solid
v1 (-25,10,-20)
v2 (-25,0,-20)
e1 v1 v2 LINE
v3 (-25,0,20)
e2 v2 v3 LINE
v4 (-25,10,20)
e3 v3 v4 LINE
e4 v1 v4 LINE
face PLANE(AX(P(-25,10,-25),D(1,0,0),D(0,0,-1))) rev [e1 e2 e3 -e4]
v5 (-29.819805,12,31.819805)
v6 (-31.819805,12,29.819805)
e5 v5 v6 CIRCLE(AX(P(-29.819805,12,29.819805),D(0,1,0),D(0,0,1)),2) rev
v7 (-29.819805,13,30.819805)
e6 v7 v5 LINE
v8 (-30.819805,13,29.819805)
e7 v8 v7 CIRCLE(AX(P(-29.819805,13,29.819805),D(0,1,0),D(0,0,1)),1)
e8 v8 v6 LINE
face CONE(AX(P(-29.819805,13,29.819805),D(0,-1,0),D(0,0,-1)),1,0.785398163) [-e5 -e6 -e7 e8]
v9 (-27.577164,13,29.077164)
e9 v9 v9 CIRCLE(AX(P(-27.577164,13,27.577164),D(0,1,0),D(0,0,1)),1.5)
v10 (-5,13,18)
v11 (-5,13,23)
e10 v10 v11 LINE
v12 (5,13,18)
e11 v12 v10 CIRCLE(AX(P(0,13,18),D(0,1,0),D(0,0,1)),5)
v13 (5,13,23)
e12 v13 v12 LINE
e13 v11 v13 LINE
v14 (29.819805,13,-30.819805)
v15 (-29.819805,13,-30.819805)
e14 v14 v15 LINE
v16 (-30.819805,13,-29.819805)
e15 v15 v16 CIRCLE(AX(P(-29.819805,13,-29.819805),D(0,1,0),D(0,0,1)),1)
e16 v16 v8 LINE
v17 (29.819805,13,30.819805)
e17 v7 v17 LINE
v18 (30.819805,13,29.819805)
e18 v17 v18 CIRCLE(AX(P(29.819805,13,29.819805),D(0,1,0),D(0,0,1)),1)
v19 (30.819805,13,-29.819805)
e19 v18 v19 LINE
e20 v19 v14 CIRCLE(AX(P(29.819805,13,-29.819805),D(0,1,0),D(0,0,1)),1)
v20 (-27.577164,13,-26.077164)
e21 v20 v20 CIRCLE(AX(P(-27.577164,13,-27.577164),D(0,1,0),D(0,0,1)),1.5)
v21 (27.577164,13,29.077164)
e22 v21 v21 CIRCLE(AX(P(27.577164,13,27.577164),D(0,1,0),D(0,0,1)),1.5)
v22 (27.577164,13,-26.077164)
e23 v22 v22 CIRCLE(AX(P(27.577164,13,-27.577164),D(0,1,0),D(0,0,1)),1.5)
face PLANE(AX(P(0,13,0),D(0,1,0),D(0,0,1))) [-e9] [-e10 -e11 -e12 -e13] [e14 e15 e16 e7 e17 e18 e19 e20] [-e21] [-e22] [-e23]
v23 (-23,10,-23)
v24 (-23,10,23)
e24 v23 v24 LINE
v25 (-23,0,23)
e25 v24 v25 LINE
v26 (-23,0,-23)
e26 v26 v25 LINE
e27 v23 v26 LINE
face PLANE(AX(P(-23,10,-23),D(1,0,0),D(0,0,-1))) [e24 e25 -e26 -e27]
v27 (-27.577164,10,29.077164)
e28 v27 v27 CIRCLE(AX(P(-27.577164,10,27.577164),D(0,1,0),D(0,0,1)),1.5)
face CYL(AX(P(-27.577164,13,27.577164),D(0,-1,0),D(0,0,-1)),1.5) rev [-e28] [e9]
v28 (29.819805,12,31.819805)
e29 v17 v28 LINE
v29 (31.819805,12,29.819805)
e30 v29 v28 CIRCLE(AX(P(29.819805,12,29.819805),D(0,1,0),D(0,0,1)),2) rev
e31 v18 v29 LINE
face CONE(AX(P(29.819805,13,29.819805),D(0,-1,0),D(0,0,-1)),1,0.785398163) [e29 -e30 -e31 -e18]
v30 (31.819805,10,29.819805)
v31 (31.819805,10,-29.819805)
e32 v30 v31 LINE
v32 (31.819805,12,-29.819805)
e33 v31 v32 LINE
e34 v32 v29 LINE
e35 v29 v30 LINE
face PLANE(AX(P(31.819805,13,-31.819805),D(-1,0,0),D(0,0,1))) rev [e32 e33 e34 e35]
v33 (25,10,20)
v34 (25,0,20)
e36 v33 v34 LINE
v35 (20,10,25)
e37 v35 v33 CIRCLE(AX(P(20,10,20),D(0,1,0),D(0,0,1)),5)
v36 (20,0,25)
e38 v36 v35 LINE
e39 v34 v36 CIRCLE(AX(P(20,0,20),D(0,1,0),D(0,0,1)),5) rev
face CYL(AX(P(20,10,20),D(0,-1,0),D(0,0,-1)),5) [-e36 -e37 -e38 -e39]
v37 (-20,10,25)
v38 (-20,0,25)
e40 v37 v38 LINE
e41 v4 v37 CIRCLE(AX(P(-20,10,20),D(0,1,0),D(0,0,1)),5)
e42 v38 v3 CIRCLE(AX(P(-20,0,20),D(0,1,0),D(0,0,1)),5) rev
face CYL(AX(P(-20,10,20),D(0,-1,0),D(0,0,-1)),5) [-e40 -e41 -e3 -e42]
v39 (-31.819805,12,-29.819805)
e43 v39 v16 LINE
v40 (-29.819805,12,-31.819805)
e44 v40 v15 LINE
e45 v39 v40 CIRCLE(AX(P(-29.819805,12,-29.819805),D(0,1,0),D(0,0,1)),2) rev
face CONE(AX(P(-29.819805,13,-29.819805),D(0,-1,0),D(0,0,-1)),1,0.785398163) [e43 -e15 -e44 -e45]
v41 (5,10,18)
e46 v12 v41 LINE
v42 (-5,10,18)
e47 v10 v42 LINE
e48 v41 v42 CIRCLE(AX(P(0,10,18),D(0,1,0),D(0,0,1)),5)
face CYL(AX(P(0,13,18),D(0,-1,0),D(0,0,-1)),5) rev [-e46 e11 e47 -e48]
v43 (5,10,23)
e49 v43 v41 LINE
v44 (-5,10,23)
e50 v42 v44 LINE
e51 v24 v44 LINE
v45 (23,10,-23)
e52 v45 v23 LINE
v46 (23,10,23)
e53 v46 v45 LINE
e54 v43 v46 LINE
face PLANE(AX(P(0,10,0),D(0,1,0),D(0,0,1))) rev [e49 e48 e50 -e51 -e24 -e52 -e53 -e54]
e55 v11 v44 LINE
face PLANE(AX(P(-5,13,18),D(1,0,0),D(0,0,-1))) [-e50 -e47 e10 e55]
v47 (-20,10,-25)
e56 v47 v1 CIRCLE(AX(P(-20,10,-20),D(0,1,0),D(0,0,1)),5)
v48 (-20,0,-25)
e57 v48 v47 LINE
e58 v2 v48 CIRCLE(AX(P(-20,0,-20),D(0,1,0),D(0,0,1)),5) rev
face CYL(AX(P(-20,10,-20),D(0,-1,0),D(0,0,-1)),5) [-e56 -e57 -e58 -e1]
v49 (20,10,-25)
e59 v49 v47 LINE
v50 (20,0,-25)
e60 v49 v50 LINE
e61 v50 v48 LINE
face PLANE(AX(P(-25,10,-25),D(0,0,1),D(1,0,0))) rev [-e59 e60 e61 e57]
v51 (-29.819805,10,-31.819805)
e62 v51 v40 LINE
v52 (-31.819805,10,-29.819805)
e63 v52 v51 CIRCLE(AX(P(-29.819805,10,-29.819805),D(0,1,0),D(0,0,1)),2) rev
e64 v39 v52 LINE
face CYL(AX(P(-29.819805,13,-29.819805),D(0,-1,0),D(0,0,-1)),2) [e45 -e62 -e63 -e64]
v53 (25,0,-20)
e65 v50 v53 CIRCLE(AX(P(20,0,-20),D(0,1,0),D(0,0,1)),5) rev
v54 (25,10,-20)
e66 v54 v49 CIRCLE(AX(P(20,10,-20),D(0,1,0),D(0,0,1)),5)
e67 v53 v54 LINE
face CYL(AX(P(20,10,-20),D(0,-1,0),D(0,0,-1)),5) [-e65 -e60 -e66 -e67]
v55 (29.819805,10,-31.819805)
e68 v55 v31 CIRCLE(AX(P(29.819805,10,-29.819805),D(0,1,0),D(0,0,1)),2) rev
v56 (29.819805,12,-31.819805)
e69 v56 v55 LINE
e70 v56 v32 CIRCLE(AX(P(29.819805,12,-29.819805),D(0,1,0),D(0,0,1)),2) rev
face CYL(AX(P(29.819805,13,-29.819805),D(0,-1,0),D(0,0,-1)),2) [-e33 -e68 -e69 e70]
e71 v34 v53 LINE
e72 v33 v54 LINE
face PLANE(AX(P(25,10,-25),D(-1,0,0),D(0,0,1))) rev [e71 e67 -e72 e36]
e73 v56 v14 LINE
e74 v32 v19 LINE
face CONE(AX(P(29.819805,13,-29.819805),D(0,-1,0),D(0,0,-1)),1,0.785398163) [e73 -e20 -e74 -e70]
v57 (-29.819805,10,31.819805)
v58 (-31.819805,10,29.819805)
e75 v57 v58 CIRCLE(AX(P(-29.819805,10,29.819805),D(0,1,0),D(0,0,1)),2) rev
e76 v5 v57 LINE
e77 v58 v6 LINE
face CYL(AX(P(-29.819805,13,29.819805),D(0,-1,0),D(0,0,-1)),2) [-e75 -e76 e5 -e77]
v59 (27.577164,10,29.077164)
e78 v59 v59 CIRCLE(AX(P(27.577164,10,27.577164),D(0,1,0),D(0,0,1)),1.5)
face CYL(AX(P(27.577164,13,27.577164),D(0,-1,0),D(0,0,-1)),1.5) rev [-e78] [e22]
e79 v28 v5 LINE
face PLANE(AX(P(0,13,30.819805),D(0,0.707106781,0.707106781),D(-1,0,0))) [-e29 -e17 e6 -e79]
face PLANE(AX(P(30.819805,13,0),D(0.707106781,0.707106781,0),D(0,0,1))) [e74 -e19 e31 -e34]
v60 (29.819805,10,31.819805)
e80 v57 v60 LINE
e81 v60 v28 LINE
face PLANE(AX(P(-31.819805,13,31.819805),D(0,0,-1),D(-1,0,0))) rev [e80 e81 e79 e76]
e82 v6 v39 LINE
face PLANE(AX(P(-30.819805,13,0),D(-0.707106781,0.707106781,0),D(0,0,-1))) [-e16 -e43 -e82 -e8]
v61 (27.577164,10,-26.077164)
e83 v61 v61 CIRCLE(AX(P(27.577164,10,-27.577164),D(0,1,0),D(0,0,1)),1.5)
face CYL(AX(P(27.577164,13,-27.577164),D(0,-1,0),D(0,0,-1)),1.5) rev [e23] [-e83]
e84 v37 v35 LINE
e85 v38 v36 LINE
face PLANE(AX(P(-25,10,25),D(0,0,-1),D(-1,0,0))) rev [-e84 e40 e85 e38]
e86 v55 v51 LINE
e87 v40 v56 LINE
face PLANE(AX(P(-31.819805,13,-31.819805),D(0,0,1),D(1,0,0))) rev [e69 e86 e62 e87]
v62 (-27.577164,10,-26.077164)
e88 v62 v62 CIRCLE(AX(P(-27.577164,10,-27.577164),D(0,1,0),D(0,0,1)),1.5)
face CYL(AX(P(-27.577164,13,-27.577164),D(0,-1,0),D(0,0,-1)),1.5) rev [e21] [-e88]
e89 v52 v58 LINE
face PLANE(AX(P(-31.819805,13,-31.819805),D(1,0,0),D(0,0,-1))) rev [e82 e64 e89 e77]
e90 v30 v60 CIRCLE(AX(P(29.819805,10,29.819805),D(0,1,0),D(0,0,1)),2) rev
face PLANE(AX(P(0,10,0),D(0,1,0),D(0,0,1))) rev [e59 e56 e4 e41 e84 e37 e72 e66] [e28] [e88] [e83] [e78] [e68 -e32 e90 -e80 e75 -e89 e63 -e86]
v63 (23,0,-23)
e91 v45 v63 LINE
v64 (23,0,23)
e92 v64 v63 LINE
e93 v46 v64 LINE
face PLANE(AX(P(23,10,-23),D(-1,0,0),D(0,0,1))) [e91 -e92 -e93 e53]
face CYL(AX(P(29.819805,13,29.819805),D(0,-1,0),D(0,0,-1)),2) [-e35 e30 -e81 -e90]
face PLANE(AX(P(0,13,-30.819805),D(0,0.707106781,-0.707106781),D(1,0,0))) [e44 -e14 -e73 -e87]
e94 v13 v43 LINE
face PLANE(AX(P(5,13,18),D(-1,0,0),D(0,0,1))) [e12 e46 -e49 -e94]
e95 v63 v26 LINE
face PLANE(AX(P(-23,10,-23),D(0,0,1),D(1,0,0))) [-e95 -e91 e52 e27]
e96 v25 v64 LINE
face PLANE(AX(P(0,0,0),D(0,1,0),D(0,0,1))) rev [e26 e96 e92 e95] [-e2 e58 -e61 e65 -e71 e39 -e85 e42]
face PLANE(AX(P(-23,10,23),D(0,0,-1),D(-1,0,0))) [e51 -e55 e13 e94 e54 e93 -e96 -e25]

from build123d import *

# Parameters (mm, degrees)
SKETCH1_W           = 50
SKETCH1_H           = 50
SKETCH1_W_2         = 46
SKETCH1_H_2         = 46
BOSS_EXTRUDE1_DEPTH = 10
SKETCH2_W           = 63.639610306
SKETCH2_H           = 63.639610306
SKETCH2_R           = 1.5
BOSS_EXTRUDE2_DEPTH = 3
FILLET2_R           = 5
FILLET3_R           = 2
CHAMFER2_SIZE       = 1


with BuildPart() as part:
    # Sketch1 → Boss-Extrude1 (new body)
    with BuildSketch(Plane(origin=(0, 0, 0), x_dir=(1, 0, 0), z_dir=(0, 1, 0))):
        Rectangle(SKETCH1_W, SKETCH1_H)
        Rectangle(SKETCH1_W_2, SKETCH1_H_2, mode=Mode.SUBTRACT)
    extrude(amount=BOSS_EXTRUDE1_DEPTH)

    # Sketch2 → Boss-Extrude2 (add)
    with BuildSketch(Plane(origin=(0, 10, 0), x_dir=(1, 0, 0), z_dir=(0, 1, 0))):
        Rectangle(SKETCH2_W, SKETCH2_H)
        with Locations(Location((-27.577164466, 27.577164466, 0), (0, 0, 270))):
            Circle(SKETCH2_R, mode=Mode.SUBTRACT)
        with Locations(Location((27.577164466, 27.577164466, 0), (0, 0, 270))):
            Circle(SKETCH2_R, mode=Mode.SUBTRACT)
        with Locations(Location((-27.577164466, -27.577164466, 0), (0, 0, 270))):
            Circle(SKETCH2_R, mode=Mode.SUBTRACT)
        with Locations(Location((27.577164466, -27.577164466, 0), (0, 0, 270))):
            Circle(SKETCH2_R, mode=Mode.SUBTRACT)
        with BuildLine():
            Line((-5, -23), (5, -23))
            Line((5, -23), (5, -18))
            ThreePointArc((5, -18), (0, -13), (-5, -18))
            Line((-5, -18), (-5, -23))
        make_face(mode=Mode.SUBTRACT)
    extrude(amount=BOSS_EXTRUDE2_DEPTH)

    # Fillet2
    fillet2_edges = [part.edges().sort_by_distance(p)[0] for p in [
        (-25, 5, -25),
        (25, 5, -25),
        (25, 5, 25),
        (-25, 5, 25),
    ]]
    fillet(fillet2_edges, radius=FILLET2_R)

    # Fillet3
    fillet3_edges = [part.edges().sort_by_distance(p)[0] for p in [
        (31.819805153, 11.5, 31.819805153),
        (31.819805153, 11.5, -31.819805153),
        (-31.819805153, 11.5, -31.819805153),
        (-31.819805153, 11.5, 31.819805153),
    ]]
    fillet(fillet3_edges, radius=FILLET3_R)

    # Chamfer2
    chamfer2_edges = [part.edges().sort_by_distance(p)[0] for p in [
        (31.234018716, 13, -31.234018716),
        (0, 13, -31.819805153),
        (31.819805153, 13, 0),
        (-31.819805153, 13, 0),
        (0, 13, 31.819805153),
        (31.234018716, 13, 31.234018716),
        (-31.234018716, 13, 31.234018716),
        (-31.234018716, 13, -31.234018716),
    ]]
    chamfer(chamfer2_edges, length=CHAMFER2_SIZE)


solid = part.part
